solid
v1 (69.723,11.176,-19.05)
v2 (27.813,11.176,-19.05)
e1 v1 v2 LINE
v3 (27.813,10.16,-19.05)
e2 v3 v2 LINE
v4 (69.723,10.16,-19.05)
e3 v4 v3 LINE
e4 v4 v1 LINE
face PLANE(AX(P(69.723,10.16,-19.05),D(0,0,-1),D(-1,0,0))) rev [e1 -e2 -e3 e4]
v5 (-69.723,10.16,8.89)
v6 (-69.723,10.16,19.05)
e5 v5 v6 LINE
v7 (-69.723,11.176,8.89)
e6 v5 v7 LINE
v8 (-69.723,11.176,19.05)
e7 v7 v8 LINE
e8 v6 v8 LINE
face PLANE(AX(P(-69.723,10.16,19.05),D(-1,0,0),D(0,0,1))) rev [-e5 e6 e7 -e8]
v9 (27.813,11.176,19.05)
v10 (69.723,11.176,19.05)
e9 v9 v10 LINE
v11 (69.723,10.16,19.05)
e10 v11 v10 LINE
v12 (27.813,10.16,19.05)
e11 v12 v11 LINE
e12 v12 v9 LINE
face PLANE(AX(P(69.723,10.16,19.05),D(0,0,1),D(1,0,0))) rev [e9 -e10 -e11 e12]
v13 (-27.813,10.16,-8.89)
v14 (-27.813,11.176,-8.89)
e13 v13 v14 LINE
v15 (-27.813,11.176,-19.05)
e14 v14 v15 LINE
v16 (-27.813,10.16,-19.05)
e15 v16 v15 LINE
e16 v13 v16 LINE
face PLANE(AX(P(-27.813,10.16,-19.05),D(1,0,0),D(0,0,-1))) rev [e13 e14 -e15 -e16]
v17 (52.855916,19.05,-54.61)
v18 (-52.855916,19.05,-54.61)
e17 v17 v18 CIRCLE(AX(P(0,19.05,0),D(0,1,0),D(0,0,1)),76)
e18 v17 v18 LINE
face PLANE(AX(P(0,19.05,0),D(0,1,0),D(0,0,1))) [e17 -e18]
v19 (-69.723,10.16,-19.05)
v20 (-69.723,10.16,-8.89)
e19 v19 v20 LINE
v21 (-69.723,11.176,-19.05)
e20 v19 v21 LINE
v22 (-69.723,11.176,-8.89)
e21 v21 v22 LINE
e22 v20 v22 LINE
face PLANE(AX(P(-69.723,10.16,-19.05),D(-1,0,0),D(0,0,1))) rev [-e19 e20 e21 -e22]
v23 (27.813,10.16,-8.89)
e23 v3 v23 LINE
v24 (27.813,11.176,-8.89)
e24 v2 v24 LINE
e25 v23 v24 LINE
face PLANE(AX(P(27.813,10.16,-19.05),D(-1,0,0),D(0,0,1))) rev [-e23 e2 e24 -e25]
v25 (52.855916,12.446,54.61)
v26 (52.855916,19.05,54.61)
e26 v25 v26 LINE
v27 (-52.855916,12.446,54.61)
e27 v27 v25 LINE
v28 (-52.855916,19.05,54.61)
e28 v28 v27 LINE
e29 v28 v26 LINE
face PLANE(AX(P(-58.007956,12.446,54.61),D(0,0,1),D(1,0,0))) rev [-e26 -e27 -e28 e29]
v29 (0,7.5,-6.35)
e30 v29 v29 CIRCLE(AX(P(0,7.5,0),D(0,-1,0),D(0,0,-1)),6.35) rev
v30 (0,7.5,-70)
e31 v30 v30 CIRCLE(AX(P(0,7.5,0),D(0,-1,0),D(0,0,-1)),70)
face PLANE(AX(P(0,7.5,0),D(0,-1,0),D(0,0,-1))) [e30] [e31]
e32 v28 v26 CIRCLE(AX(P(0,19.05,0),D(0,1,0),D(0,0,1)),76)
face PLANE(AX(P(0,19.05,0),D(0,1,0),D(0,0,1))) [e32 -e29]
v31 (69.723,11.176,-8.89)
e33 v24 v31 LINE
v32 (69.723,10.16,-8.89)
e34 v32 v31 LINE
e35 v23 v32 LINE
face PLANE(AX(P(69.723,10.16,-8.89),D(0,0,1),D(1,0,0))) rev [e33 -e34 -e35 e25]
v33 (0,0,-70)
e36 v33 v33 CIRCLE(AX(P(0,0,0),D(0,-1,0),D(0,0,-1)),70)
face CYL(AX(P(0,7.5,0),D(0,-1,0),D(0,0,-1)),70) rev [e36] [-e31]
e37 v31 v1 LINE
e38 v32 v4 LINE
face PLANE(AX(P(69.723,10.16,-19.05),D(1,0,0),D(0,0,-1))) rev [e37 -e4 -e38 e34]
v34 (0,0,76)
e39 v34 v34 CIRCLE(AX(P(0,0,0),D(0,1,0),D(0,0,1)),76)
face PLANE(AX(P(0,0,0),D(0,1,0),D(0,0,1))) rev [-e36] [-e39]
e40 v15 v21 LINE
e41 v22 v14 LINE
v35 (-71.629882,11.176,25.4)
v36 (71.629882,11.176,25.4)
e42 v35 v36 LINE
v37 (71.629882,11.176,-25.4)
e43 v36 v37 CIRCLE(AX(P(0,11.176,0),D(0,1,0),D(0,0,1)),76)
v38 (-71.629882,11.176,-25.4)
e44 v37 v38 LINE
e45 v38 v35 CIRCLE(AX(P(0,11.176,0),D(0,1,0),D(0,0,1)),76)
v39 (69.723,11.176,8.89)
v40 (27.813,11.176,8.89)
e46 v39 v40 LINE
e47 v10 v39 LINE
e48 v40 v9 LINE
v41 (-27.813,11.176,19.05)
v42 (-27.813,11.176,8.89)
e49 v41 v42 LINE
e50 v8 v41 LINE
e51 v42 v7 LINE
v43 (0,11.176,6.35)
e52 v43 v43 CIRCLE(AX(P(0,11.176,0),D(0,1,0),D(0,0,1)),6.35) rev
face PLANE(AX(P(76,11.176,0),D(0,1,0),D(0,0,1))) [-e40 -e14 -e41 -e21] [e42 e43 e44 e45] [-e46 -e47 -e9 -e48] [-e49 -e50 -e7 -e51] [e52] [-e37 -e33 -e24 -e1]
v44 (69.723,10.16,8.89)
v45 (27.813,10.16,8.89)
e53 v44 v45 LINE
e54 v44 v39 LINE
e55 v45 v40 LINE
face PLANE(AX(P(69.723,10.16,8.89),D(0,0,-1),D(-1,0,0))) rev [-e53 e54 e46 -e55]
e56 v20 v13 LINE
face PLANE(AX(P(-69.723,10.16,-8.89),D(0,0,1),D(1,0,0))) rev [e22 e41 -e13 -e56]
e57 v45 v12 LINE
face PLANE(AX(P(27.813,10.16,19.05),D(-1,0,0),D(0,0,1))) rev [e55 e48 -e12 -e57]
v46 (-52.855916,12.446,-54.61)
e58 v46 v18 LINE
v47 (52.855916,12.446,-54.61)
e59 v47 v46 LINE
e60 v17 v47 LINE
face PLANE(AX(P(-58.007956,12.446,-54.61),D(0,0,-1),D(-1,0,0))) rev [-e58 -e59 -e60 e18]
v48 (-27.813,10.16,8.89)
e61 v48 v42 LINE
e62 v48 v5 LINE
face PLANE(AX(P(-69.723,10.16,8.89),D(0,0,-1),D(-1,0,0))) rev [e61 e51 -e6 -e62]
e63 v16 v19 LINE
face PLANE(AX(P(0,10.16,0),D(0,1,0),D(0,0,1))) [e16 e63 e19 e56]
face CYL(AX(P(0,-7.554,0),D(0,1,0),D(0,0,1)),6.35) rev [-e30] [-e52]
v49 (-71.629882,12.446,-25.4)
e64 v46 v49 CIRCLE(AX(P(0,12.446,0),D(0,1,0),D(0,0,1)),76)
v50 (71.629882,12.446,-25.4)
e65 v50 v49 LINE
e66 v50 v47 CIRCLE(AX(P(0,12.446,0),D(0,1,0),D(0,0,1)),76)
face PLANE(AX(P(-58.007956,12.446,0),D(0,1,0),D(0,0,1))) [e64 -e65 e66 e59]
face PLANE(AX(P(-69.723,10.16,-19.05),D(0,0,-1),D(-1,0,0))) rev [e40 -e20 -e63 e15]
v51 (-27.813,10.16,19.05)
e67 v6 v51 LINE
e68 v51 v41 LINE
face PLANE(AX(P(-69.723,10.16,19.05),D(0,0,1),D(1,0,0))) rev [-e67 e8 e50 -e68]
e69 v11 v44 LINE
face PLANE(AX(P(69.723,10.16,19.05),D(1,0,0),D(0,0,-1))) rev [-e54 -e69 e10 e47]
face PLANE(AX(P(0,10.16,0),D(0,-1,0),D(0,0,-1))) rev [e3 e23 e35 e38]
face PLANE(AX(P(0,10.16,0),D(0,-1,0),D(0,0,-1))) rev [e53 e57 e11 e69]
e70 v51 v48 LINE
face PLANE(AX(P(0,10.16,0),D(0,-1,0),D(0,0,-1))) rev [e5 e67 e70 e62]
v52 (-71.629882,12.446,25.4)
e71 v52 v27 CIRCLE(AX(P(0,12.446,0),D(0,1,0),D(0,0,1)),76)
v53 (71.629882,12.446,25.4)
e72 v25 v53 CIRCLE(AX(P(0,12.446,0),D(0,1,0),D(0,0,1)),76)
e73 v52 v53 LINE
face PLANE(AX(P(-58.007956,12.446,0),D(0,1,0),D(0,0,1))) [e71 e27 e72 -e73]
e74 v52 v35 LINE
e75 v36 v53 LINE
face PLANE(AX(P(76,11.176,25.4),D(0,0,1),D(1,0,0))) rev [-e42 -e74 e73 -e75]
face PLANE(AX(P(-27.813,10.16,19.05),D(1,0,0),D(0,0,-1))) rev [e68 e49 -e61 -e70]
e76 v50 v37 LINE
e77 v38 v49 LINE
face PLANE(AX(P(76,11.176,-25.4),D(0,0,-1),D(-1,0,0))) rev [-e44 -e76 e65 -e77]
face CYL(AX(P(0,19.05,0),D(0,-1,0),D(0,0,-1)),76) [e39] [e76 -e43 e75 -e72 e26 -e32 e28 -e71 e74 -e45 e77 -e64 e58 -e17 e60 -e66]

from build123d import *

# Parameters (mm, degrees)
SKETCH1_R           = 76
BOSS_EXTRUDE1_DEPTH = 19.05
CUT_EXTRUDE4_DEPTH  = 6.604
SKETCH5_R           = 6.35
CUT_EXTRUDE5_DEPTH  = 20
SKETCH13_R          = 70
CUT_EXTRUDE9_DEPTH  = 7.5
CUT_EXTRUDE11_DEPTH = 1.27
SKETCH16_W          = 41.91
SKETCH16_H          = 10.16
CUT_EXTRUDE12_DEPTH = 1.016


with BuildPart() as part:
    # Sketch1 → Boss-Extrude1 (new body)
    with BuildSketch(Plane(origin=(0, 0, 0), x_dir=(1, 0, 0), z_dir=(0, 1, 0))):
        Circle(SKETCH1_R)
    extrude(amount=BOSS_EXTRUDE1_DEPTH)

    # Sketch2 → Cut-Extrude4 (cut)
    with BuildSketch(Plane(origin=(0, 19.05, 0), x_dir=(1, 0, 0), z_dir=(0, 1, 0))):
        with BuildLine():
            Line((-58.007955522, 54.61), (58.007955522, 54.61))
            ThreePointArc((58.007955522, 54.61), (112.617955522, 0), (58.007955522, -54.61))
            Line((58.007955522, -54.61), (-58.007955522, -54.61))
            ThreePointArc((-58.007955522, -54.61), (-112.617955522, 0), (-58.007955522, 54.61))
        make_face()
    extrude(amount=-CUT_EXTRUDE4_DEPTH, mode=Mode.SUBTRACT)

    # Sketch5 → Cut-Extrude5 (cut)
    with BuildSketch(Plane(origin=(0, 12.446, 0), x_dir=(1, 0, 0), z_dir=(0, 1, 0))):
        Circle(SKETCH5_R)
    extrude(amount=-CUT_EXTRUDE5_DEPTH, mode=Mode.SUBTRACT)

    # Sketch13 → Cut-Extrude9 (cut)
    with BuildSketch(Plane(origin=(0, 0, 0), x_dir=(-1, 0, 0), z_dir=(0, -1, 0))):
        Circle(SKETCH13_R)
    extrude(amount=-CUT_EXTRUDE9_DEPTH, mode=Mode.SUBTRACT)

    # Sketch15 → Cut-Extrude11 (cut)
    with BuildSketch(Plane(origin=(0, 12.446, 0), x_dir=(1, 0, 0), z_dir=(0, 1, 0))):
        with BuildLine():
            Line((76, -25.4), (-76, -25.4))
            ThreePointArc((-76, -25.4), (-101.4, 0), (-76, 25.4))
            Line((-76, 25.4), (76, 25.4))
            ThreePointArc((76, 25.4), (101.4, 0), (76, -25.4))
        make_face()
    extrude(amount=-CUT_EXTRUDE11_DEPTH, mode=Mode.SUBTRACT)

    # Sketch16 → Cut-Extrude12 (cut)
    with BuildSketch(Plane(origin=(0, 11.176, 0), x_dir=(1, 0, 0), z_dir=(0, 1, 0))):
        with Locations((-48.768, -13.97)):
            Rectangle(SKETCH16_W, SKETCH16_H)
        with Locations((-48.768, 13.97)):
            Rectangle(SKETCH16_W, SKETCH16_H)
        with Locations((48.768, -13.97)):
            Rectangle(SKETCH16_W, SKETCH16_H)
        with Locations((48.768, 13.97)):
            Rectangle(SKETCH16_W, SKETCH16_H)
    extrude(amount=-CUT_EXTRUDE12_DEPTH, mode=Mode.SUBTRACT)


solid = part.part
